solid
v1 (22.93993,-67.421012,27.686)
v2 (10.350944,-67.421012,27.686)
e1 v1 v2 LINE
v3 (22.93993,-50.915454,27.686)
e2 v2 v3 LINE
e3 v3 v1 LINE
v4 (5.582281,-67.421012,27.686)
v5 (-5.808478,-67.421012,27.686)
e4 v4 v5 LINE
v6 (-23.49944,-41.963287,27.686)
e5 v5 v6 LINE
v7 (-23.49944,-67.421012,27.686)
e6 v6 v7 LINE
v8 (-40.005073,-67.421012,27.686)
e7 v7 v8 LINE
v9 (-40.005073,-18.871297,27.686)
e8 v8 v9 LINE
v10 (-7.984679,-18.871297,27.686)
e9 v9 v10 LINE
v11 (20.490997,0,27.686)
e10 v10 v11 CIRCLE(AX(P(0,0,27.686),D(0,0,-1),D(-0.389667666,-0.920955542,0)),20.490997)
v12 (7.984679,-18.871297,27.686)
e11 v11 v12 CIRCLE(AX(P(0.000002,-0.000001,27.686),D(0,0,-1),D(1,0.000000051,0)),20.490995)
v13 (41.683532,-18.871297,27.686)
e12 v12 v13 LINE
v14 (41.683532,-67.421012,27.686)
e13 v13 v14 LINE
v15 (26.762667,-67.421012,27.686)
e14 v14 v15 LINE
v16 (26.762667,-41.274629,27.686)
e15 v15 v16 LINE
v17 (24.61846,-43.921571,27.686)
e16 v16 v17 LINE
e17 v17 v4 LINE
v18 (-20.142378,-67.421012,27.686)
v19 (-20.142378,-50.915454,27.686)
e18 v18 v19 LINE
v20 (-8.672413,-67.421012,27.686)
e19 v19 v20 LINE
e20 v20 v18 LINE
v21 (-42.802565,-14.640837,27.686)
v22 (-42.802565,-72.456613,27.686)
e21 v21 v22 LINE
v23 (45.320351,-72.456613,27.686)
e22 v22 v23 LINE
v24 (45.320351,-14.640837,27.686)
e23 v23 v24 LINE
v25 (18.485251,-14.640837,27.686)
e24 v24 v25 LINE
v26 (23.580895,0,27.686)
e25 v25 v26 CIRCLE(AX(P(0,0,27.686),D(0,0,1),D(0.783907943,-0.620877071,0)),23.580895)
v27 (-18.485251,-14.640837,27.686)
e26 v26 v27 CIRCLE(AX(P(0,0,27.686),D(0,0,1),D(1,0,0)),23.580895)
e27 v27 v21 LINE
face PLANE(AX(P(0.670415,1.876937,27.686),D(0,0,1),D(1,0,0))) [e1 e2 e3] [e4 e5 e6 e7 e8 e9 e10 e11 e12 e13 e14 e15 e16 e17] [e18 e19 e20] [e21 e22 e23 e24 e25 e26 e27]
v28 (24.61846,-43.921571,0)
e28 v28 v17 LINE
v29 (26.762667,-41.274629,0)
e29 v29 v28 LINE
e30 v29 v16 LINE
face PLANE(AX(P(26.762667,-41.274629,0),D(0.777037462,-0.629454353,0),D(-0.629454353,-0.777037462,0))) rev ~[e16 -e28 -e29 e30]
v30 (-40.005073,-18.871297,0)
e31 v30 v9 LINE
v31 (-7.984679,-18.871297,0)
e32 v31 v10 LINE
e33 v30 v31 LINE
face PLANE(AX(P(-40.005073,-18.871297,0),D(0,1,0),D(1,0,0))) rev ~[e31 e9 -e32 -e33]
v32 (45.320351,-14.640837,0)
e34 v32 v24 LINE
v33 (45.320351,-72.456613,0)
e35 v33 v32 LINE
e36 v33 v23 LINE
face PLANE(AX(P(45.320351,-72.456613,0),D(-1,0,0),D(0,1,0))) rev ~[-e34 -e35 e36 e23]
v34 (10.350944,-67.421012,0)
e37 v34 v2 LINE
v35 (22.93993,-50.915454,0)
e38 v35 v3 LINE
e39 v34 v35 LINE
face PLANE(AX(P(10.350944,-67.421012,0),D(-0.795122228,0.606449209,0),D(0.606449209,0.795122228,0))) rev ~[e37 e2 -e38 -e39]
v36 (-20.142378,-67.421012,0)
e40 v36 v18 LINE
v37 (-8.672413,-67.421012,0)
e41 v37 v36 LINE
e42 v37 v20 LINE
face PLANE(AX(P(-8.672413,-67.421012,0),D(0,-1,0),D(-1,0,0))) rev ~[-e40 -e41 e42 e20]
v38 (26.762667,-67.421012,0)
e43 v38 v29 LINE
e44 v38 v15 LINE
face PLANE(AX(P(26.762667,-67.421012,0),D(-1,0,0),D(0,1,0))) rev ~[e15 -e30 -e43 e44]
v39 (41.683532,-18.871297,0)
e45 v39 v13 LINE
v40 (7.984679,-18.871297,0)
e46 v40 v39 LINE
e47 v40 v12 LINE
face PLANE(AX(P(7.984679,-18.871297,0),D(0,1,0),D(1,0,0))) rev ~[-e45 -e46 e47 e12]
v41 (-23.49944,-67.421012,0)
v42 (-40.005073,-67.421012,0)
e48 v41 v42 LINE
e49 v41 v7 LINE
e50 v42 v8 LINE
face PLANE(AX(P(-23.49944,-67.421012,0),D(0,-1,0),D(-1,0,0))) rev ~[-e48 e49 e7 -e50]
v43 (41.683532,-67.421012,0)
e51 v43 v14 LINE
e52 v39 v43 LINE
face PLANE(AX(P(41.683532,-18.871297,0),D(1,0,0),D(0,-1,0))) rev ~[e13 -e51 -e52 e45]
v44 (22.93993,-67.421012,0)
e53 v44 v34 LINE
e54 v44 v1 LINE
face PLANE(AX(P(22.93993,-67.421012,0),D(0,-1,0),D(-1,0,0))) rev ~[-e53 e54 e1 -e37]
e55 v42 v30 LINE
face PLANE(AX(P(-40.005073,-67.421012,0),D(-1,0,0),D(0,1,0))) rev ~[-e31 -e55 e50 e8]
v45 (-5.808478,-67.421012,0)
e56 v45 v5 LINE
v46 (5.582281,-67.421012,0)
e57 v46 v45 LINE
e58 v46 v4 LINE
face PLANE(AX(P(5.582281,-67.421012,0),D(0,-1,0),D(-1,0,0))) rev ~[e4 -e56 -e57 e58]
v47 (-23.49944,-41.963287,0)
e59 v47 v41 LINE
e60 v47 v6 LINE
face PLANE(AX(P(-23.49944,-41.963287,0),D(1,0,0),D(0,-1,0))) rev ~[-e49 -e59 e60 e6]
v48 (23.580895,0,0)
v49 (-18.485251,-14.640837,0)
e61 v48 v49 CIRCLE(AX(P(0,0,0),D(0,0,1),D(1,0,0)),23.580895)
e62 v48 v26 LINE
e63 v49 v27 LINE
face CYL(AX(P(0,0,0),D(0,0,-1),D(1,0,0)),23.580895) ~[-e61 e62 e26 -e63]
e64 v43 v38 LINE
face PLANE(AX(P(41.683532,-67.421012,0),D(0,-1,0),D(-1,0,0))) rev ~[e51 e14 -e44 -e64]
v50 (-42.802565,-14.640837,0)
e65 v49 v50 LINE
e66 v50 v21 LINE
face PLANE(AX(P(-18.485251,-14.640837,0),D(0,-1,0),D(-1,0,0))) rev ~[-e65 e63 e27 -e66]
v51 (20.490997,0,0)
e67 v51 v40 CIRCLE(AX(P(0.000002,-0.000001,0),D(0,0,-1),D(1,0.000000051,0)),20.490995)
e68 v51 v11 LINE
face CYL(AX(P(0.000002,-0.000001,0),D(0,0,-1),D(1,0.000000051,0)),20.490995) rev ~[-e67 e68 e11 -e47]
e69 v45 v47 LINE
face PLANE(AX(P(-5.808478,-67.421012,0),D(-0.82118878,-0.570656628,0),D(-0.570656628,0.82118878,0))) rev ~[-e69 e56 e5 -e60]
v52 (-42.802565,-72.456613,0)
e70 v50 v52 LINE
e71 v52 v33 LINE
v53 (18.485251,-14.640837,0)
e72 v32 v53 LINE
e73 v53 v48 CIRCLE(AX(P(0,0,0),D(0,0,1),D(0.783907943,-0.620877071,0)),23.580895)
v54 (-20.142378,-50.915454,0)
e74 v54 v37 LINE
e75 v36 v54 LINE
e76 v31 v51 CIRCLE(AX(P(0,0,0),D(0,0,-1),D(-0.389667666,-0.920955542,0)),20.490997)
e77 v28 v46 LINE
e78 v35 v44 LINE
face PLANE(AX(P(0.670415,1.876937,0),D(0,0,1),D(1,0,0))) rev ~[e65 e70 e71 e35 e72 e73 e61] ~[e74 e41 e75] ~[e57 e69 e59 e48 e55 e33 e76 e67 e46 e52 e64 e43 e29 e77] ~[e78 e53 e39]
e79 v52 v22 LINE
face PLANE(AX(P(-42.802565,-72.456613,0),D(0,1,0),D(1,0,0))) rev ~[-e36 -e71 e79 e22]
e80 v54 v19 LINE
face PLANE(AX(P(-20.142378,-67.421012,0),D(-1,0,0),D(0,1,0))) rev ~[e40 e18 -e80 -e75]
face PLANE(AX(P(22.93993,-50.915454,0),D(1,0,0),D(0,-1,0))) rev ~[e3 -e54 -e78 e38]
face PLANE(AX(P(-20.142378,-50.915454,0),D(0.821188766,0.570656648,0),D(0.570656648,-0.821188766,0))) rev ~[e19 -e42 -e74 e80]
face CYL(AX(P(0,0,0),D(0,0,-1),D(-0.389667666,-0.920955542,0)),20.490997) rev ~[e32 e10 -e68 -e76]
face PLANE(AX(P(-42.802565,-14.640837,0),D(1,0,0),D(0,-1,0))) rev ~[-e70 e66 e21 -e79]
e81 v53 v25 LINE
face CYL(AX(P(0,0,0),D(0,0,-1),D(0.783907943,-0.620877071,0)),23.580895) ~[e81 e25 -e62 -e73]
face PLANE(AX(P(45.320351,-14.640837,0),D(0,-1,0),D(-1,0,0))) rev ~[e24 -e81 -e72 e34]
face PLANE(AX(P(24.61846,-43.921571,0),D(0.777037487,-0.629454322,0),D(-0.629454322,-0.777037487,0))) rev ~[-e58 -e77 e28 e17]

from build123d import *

# Parameters (mm, degrees)
F1_DEPTH = 27.686


with BuildPart() as f1:
    # F0 (on Top) → F1 (new body)
    with BuildSketch(Plane.XY):
        with BuildLine():
            ThreePointArc((-7.984679, -18.871297), (-11.319605, 17.080618), (20.490997, 0))
            ThreePointArc((20.490997, 0), (17.080618, -11.319605), (7.984679, -18.871297))
            Line((7.984679, -18.871297), (14.139757, -18.871297))
            ThreePointArc((14.139757, -18.871297), (16.449072, -16.896349), (18.485251, -14.640837))
            ThreePointArc((18.485251, -14.640837), (22.270579, -7.751124), (23.580895, 0))
            ThreePointArc((23.580895, 0), (-7.751124, 22.270579), (-18.485251, -14.640837))
            ThreePointArc((-18.485251, -14.640837), (-16.449072, -16.896349), (-14.139757, -18.871297))
            Line((-14.139757, -18.871297), (-7.984679, -18.871297))
        make_face()
        with BuildLine():
            Line((-40.005073, -18.871297), (-14.139757, -18.871297))
            ThreePointArc((-14.139757, -18.871297), (-16.449072, -16.896349), (-18.485251, -14.640837))
            Line((-18.485251, -14.640837), (-42.802565, -14.640837))
            Line((-42.802565, -14.640837), (-42.802565, -72.456613))
            Line((-42.802565, -72.456613), (-23.49944, -72.456613))
            Line((-23.49944, -72.456613), (-23.49944, -67.421012))
            Line((-23.49944, -67.421012), (-40.005073, -67.421012))
            Line((-40.005073, -67.421012), (-40.005073, -18.871297))
        make_face()
        with BuildLine():
            ThreePointArc((18.485251, -14.640837), (16.449072, -16.896349), (14.139757, -18.871297))
            Line((14.139757, -18.871297), (41.683532, -18.871297))
            Line((41.683532, -18.871297), (41.683532, -67.421012))
            Line((41.683532, -67.421012), (26.762667, -67.421012))
            Line((26.762667, -67.421012), (26.762667, -72.456613))
            Line((26.762667, -72.456613), (45.320351, -72.456613))
            Line((45.320351, -72.456613), (45.320351, -14.640837))
            Line((45.320351, -14.640837), (18.485251, -14.640837))
        make_face()
        Polygon((-20.142378, -67.421012), (-23.49944, -67.421012), (-23.49944, -72.456613), (-2.309161, -72.456613), (-5.808478, -67.421012), (-8.672413, -67.421012), align=None)
        Polygon((26.762667, -72.456613), (26.762667, -67.421012), (22.93993, -67.421012), (10.350944, -67.421012), (5.582281, -67.421012), (1.503095, -72.456613), (5.31535, -72.456613), align=None)
        Polygon((-5.808478, -67.421012), (-2.309161, -72.456613), (1.503095, -72.456613), (5.582281, -67.421012), align=None)
        Polygon((22.93993, -67.421012), (26.762667, -67.421012), (26.762667, -41.274629), (24.61846, -43.921571), (5.582281, -67.421012), (10.350944, -67.421012), (22.93993, -50.915454), align=None)
        Polygon((-23.49944, -41.963287), (-23.49944, -67.421012), (-20.142378, -67.421012), (-20.142378, -50.915454), (-8.672413, -67.421012), (-5.808478, -67.421012), align=None)
    extrude(amount=F1_DEPTH)


solid = f1.part
